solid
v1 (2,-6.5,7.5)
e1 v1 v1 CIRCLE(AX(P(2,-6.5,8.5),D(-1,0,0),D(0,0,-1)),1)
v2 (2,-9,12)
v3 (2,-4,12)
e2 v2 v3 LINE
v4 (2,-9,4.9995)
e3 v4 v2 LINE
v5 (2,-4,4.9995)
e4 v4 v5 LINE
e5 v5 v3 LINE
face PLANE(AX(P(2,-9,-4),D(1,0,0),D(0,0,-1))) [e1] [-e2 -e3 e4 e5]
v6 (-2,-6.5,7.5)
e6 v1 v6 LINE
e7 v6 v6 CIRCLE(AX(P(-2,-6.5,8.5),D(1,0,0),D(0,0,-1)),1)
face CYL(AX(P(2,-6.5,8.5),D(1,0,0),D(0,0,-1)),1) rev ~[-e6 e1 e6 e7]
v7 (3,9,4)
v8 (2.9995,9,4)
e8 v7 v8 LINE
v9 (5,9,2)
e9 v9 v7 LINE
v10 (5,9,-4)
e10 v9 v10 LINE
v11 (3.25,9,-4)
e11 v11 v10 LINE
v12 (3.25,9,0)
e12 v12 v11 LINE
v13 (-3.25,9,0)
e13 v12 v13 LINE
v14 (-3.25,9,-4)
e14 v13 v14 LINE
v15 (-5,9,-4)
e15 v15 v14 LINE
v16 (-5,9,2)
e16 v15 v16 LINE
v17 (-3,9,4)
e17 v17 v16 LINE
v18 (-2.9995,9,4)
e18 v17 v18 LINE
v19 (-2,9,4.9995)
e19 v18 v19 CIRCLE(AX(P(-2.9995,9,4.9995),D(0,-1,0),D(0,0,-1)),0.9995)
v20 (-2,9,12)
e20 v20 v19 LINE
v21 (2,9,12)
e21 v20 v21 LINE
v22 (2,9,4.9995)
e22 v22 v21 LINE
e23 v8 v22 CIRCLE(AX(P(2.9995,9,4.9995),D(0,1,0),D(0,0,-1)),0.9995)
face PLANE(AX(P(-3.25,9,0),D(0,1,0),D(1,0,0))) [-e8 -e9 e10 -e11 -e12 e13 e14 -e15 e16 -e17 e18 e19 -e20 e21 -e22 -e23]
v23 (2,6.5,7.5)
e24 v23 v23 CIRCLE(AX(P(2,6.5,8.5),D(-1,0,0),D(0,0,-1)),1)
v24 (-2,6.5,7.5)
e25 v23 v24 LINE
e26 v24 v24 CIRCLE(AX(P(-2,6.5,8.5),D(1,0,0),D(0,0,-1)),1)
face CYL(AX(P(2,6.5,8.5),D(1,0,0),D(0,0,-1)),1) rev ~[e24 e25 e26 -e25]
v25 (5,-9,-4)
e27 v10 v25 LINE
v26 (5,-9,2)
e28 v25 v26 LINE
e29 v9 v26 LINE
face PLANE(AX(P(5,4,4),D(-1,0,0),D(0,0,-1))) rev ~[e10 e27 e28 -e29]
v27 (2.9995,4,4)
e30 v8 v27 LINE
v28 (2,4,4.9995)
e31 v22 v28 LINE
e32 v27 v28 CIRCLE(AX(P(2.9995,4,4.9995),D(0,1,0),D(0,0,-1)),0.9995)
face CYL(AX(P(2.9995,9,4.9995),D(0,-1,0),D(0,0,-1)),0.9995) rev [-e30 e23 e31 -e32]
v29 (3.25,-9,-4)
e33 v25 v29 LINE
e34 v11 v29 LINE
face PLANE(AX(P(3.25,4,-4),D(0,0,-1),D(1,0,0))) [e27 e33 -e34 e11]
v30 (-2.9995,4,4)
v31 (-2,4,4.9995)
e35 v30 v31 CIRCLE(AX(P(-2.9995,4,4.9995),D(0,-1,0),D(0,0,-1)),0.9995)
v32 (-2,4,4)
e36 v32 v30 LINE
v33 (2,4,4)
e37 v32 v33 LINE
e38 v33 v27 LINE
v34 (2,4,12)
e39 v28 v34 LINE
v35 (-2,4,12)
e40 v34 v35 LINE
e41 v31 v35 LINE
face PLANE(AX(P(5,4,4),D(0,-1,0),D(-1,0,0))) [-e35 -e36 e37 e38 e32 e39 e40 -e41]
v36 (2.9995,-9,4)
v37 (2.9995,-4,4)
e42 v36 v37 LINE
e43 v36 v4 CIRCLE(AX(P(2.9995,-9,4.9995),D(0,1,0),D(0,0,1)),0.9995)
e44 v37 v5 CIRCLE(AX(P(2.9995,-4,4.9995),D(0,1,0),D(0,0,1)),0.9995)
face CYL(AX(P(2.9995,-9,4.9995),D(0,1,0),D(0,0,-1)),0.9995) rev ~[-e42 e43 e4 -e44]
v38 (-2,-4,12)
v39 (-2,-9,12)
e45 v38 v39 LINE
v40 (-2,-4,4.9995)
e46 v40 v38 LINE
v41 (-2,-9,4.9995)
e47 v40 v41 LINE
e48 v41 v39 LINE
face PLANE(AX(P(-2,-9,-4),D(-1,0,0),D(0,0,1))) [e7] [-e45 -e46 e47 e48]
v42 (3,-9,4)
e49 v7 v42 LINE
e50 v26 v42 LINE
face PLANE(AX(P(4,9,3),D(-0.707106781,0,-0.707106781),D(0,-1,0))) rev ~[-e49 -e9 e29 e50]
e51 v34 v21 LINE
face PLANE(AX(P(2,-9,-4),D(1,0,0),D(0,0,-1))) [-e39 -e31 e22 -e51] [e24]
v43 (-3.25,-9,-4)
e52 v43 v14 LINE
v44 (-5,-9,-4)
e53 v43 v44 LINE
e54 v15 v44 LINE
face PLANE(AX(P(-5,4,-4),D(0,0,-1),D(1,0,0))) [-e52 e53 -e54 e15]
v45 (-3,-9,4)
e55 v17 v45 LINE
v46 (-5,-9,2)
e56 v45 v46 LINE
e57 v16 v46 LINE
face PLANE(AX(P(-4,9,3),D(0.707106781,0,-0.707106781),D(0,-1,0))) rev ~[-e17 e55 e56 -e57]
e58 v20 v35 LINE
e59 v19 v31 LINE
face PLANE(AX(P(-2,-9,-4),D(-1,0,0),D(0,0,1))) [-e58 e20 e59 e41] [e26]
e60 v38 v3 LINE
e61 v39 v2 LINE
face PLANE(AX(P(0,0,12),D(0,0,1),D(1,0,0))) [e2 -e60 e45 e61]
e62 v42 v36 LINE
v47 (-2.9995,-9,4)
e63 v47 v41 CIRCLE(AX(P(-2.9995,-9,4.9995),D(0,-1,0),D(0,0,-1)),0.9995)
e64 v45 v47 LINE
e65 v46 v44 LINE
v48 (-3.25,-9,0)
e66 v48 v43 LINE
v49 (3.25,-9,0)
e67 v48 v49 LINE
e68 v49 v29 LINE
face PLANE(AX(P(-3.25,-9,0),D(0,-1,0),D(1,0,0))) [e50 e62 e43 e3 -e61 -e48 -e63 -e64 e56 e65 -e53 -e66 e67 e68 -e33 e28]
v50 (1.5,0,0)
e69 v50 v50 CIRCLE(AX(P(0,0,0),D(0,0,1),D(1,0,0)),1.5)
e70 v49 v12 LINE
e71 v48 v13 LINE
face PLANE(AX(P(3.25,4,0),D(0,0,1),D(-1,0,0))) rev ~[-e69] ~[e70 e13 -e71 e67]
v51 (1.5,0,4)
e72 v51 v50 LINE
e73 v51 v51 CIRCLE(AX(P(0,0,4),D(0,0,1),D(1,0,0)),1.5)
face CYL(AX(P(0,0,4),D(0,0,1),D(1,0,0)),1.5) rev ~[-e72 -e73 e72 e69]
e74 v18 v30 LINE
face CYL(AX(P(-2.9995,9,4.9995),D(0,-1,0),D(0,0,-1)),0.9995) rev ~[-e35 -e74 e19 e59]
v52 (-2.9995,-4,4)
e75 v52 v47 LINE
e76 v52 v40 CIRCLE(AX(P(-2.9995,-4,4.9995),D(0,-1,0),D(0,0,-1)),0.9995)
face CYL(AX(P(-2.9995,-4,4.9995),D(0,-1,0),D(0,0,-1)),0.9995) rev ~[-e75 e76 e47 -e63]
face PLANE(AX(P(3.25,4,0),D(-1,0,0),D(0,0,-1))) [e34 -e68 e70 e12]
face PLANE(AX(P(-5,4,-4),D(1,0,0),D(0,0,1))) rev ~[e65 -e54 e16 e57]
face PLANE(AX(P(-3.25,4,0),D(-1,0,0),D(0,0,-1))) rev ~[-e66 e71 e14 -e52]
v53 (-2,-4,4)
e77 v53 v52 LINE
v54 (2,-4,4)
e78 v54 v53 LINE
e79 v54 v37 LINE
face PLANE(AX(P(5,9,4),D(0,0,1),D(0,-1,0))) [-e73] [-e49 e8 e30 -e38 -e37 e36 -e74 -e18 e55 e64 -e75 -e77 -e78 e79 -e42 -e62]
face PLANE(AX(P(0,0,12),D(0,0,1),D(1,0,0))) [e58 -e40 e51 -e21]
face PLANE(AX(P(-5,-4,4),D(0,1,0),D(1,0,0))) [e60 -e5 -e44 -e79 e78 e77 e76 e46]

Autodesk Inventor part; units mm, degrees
ref_plane "YZ Plane" through (0, 0, 0) normal (1, 0, 0) x (0, 1, 0)
ref_plane "XZ Plane" through (0, 0, 0) normal (0, 1, 0) x (-1, 0, 0)
ref_plane "XY Plane" through (0, 0, 0) normal (0, 0, 1) x (1, 0, 0)
sketch "Sketch1" plane through (0, 0, 0) normal (0, 0, 1) x (1, 0, 0)
  circle A0 centre (0, 0) radius 1.5 projected
  line L0 (-3.25, 2.3318) -> (-3.25, -2.3318) projected
  arc A1 (-3.25, -2.3318) -> (3.25, -2.3318) centre (0, 0) ccw projected
  line L1 (3.25, -2.3318) -> (3.25, 2.3318) projected
  arc A2 (3.25, 2.3318) -> (-3.25, 2.3318) centre (0, 0) ccw projected
  line L2 (5, 4) -> (5, -4)
  line L3 (5, -4) -> (-5, -4)
  line L4 (-5, -4) -> (-5, 4)
  line L5 (-5, 4) -> (5, 4)
  line L6 (5, 4) -> (-5, -4) construction
  line L7 (5, -4) -> (-5, 4) construction
  dimension "d0" = 8
  dimension "d1" = 10
extrude "Extrusion1" add sketch "Sketch1" along normal blind 4 contours A0 | A2 L1 A1 L0 | L0 A1 L3 L4 L5 A2 | L5 L2 L3 A1 L1 A2
sketch "Sketch2" plane through (0, 0, 4) normal (0, 0, 1) x (1, 0, 0)
  line L0 (5, 4) -> (-5, 4) projected
  line L1 (-5, 4) -> (-5, -4) projected
  line L2 (-5, -4) -> (5, -4) projected
  line L3 (5, -4) -> (5, 4) projected
  circle A0 centre (0, 0) radius 1.5
  dimension "d4" = 3
extrude "Extrusion2" cut sketch "Sketch2" against normal blind 4 contours A0
sketch "Sketch3" plane through (0, 0, 0) normal (0, 0, -1) x (-1, 0, 0)
  circle A0 centre (0, 0) radius 1.5 projected
  line L0 (-5, 4) -> (5, 4) projected
  line L1 (-5, -4) -> (-5, 4) projected
  line L2 (5, -4) -> (-5, -4) projected
  line L3 (5, 4) -> (5, -4) projected
  line L4 (-3.25, -2.3318) -> (-3.25, 2.3318) projected
  line L5 (3.25, 2.3318) -> (3.25, -2.3318) projected
  line L6 (-5, -4) -> (-3.25, -4)
  line L7 (-3.25, -4) -> (-3.25, 4)
  line L8 (-3.25, 4) -> (-5, 4)
  line L9 (-5, 4) -> (-5, -4)
  line L10 (5, 4) -> (5, -4) projected
  line L11 (5, -4) -> (3.25, -4)
  line L12 (3.25, -4) -> (3.25, 4)
  line L13 (3.25, 4) -> (5, 4)
  line L14 (5, 4) -> (5, -4)
  dimension "d7" = 1.75
  dimension "d8" = 8
  dimension "d9" = 1.75
  dimension "d10" = 8
extrude "Extrusion3" add sketch "Sketch3" along normal blind 4 contours L0 L7 L4 L2 L1 | L0 L3 L2 L12 L5
sketch "Sketch4" plane through (0, 0, 4) normal (0, 0, 1) x (1, 0, 0)
  circle A0 centre (0, 0) radius 1.5 projected
  line L0 (5, 4) -> (-5, 4) projected
  line L1 (-5, 4) -> (-5, -4) projected
  line L2 (-5, -4) -> (5, -4) projected
  line L3 (5, -4) -> (5, 4) projected
  line L4 (5, -4) -> (-5, -4)
  line L5 (-5, -4) -> (-5, -9)
  line L6 (-5, -9) -> (5, -9)
  line L7 (5, -9) -> (5, -4)
  line L8 (5, -4) -> (5, 4) projected
  line L9 (5, 4) -> (-5, 4)
  line L10 (-5, 4) -> (-5, 9)
  line L11 (-5, 9) -> (5, 9)
  line L12 (5, 9) -> (5, 4)
  dimension "d13" = 10
  dimension "d14" = 5
  dimension "d15" = 10
  dimension "d16" = 5
extrude "Extrusion4" add sketch "Sketch4" along normal blind 8 contours L0 L10 L11 L12 | L7 L6 L5 L2
sketch "Sketch5" plane through (-3.25, -4, 0) normal (0, -1, 0) x (1, 0, 0)
  line L0 (0, 0) -> (6.5, 0) projected
  line L1 (6.5, 0) -> (6.5, -4) projected
  line L2 (8.25, -4) -> (6.5, -4) projected
  line L3 (8.25, -4) -> (8.25, 4) projected
  line L4 (-1.75, 4) -> (8.25, 4) projected
  line L5 (-1.75, -4) -> (-1.75, 4) projected
  line L6 (0, -4) -> (-1.75, -4) projected
  line L7 (0, 0) -> (0, -4) projected
  point P0 (3.25, 0)
extrude "Extrusion5" add sketch "Sketch5" along normal up to surface (5 mm away)
sketch "Sketch6" plane through (-3.25, 4, 0) normal (0, 1, 0) x (1, 0, 0)
  line L0 (6.5, 0) -> (0, 0) projected
  line L1 (0, 0) -> (0, 4) projected
  line L2 (-1.75, 4) -> (0, 4) projected
  line L3 (-1.75, 4) -> (-1.75, -4) projected
  line L4 (8.25, -4) -> (-1.75, -4) projected
  line L5 (8.25, -4) -> (8.25, 4) projected
  line L6 (6.5, 4) -> (8.25, 4) projected
  line L7 (6.5, 0) -> (6.5, 4) projected
  point P0 (3.25, 0)
extrude "Extrusion6" add sketch "Sketch6" along normal up to surface (5 mm away)
sketch "Sketch7" plane through (5, -9, -4) normal (1, 0, 0) x (0, 0, -1)
  line L0 (-8, 5) -> (-8, 13) projected
  line L1 (-8, 5) -> (-16, 5) projected
  line L2 (-16, 0) -> (-16, 5) projected
  line L3 (0, 0) -> (-16, 0) projected
  line L4 (0, 0) -> (0, 18) projected
  line L5 (0, 18) -> (-16, 18) projected
  line L6 (-16, 13) -> (-16, 18) projected
  line L7 (-8, 13) -> (-16, 13) projected
  line L8 (-8, 5) -> (-16, 5) projected
  line L9 (0, 0) -> (-16, 0) projected
  line L10 (-8, 5) -> (-16, 5)
  line L11 (-16, 5) -> (-16, 0)
  line L12 (-16, 0) -> (-8, 0)
  line L13 (-8, 0) -> (-8, 5)
  line L14 (-16, 18) -> (-16, 13) projected
  line L15 (-8, 13) -> (-16, 13)
  line L16 (-16, 13) -> (-16, 18)
  line L17 (-16, 18) -> (-8, 18)
  line L18 (-8, 18) -> (-8, 13)
  point P0 (-4, 9)
  point P1 (-8, 18)
  point P2 (-8, 0)
extrude "Extrusion7" cut sketch "Sketch7" against normal blind 3 contours L13 L3 L2 L1 | L7 L6 L5 L18
sketch "Sketch8" plane through (-5, -9, -4) normal (-1, 0, 0) x (0, 0, 1)
  line L0 (8, 18) -> (8, 13) projected
  line L1 (8, 5) -> (8, 0) projected
  line L2 (8, 13) -> (8, 5) projected
  line L3 (8, 13) -> (16, 13) projected
  line L4 (16, 18) -> (16, 13) projected
  line L5 (16, 18) -> (0, 18) projected
  line L6 (0, 18) -> (0, 0) projected
  line L7 (0, 0) -> (16, 0) projected
  line L8 (16, 5) -> (16, 0) projected
  line L9 (8, 5) -> (16, 5) projected
  point P0 (4, 9)
extrude "Extrusion8" cut sketch "Sketch8" against normal blind 3 contours L5 L4 L3 L0 | L9 L8 L7 L1
sketch "Sketch9" plane through (2, -9, -4) normal (1, 0, 0) x (0, 0, -1)
  line L0 (-8, 13) -> (-16, 13) projected
  line L1 (-8, 18) -> (-8, 13) projected
  line L2 (-16, 18) -> (-8, 18) projected
  line L3 (-16, 13) -> (-16, 18) projected
  line L4 (-16, 0) -> (-16, 5) projected
  line L5 (-8, 0) -> (-16, 0) projected
  line L6 (-8, 5) -> (-8, 0) projected
  line L7 (-16, 5) -> (-8, 5) projected
  line L8 (-16, 13) -> (-16, 18) projected
  line L9 (-16, 15.5) -> (-12.5, 15.5)
  circle A0 centre (-12.5, 15.5) radius 1
  line L10 (-16, 2.5) -> (-12.5, 2.5)
  circle A1 centre (-12.5, 2.5) radius 1
  point P0 (-4, 9)
  dimension "d27" = 3.5
  dimension "d28" = 2
  dimension "d29" = 3.5
  dimension "d30" = 2
extrude "Extrusion9" cut sketch "Sketch9" against normal blind 4 contours A0 | A1
chamfer "Chamfer1" distance 2 angle 45 2 edges at (5, 0, 4) (-5, 0, 4)
fillet "Fillet1" radius 1 4 edges at (2, 6.5, 4) (2, -6.5, 4) (-2, -6.5, 4) (-2, 6.5, 4)
properties part number "bbearing_holder_1"
